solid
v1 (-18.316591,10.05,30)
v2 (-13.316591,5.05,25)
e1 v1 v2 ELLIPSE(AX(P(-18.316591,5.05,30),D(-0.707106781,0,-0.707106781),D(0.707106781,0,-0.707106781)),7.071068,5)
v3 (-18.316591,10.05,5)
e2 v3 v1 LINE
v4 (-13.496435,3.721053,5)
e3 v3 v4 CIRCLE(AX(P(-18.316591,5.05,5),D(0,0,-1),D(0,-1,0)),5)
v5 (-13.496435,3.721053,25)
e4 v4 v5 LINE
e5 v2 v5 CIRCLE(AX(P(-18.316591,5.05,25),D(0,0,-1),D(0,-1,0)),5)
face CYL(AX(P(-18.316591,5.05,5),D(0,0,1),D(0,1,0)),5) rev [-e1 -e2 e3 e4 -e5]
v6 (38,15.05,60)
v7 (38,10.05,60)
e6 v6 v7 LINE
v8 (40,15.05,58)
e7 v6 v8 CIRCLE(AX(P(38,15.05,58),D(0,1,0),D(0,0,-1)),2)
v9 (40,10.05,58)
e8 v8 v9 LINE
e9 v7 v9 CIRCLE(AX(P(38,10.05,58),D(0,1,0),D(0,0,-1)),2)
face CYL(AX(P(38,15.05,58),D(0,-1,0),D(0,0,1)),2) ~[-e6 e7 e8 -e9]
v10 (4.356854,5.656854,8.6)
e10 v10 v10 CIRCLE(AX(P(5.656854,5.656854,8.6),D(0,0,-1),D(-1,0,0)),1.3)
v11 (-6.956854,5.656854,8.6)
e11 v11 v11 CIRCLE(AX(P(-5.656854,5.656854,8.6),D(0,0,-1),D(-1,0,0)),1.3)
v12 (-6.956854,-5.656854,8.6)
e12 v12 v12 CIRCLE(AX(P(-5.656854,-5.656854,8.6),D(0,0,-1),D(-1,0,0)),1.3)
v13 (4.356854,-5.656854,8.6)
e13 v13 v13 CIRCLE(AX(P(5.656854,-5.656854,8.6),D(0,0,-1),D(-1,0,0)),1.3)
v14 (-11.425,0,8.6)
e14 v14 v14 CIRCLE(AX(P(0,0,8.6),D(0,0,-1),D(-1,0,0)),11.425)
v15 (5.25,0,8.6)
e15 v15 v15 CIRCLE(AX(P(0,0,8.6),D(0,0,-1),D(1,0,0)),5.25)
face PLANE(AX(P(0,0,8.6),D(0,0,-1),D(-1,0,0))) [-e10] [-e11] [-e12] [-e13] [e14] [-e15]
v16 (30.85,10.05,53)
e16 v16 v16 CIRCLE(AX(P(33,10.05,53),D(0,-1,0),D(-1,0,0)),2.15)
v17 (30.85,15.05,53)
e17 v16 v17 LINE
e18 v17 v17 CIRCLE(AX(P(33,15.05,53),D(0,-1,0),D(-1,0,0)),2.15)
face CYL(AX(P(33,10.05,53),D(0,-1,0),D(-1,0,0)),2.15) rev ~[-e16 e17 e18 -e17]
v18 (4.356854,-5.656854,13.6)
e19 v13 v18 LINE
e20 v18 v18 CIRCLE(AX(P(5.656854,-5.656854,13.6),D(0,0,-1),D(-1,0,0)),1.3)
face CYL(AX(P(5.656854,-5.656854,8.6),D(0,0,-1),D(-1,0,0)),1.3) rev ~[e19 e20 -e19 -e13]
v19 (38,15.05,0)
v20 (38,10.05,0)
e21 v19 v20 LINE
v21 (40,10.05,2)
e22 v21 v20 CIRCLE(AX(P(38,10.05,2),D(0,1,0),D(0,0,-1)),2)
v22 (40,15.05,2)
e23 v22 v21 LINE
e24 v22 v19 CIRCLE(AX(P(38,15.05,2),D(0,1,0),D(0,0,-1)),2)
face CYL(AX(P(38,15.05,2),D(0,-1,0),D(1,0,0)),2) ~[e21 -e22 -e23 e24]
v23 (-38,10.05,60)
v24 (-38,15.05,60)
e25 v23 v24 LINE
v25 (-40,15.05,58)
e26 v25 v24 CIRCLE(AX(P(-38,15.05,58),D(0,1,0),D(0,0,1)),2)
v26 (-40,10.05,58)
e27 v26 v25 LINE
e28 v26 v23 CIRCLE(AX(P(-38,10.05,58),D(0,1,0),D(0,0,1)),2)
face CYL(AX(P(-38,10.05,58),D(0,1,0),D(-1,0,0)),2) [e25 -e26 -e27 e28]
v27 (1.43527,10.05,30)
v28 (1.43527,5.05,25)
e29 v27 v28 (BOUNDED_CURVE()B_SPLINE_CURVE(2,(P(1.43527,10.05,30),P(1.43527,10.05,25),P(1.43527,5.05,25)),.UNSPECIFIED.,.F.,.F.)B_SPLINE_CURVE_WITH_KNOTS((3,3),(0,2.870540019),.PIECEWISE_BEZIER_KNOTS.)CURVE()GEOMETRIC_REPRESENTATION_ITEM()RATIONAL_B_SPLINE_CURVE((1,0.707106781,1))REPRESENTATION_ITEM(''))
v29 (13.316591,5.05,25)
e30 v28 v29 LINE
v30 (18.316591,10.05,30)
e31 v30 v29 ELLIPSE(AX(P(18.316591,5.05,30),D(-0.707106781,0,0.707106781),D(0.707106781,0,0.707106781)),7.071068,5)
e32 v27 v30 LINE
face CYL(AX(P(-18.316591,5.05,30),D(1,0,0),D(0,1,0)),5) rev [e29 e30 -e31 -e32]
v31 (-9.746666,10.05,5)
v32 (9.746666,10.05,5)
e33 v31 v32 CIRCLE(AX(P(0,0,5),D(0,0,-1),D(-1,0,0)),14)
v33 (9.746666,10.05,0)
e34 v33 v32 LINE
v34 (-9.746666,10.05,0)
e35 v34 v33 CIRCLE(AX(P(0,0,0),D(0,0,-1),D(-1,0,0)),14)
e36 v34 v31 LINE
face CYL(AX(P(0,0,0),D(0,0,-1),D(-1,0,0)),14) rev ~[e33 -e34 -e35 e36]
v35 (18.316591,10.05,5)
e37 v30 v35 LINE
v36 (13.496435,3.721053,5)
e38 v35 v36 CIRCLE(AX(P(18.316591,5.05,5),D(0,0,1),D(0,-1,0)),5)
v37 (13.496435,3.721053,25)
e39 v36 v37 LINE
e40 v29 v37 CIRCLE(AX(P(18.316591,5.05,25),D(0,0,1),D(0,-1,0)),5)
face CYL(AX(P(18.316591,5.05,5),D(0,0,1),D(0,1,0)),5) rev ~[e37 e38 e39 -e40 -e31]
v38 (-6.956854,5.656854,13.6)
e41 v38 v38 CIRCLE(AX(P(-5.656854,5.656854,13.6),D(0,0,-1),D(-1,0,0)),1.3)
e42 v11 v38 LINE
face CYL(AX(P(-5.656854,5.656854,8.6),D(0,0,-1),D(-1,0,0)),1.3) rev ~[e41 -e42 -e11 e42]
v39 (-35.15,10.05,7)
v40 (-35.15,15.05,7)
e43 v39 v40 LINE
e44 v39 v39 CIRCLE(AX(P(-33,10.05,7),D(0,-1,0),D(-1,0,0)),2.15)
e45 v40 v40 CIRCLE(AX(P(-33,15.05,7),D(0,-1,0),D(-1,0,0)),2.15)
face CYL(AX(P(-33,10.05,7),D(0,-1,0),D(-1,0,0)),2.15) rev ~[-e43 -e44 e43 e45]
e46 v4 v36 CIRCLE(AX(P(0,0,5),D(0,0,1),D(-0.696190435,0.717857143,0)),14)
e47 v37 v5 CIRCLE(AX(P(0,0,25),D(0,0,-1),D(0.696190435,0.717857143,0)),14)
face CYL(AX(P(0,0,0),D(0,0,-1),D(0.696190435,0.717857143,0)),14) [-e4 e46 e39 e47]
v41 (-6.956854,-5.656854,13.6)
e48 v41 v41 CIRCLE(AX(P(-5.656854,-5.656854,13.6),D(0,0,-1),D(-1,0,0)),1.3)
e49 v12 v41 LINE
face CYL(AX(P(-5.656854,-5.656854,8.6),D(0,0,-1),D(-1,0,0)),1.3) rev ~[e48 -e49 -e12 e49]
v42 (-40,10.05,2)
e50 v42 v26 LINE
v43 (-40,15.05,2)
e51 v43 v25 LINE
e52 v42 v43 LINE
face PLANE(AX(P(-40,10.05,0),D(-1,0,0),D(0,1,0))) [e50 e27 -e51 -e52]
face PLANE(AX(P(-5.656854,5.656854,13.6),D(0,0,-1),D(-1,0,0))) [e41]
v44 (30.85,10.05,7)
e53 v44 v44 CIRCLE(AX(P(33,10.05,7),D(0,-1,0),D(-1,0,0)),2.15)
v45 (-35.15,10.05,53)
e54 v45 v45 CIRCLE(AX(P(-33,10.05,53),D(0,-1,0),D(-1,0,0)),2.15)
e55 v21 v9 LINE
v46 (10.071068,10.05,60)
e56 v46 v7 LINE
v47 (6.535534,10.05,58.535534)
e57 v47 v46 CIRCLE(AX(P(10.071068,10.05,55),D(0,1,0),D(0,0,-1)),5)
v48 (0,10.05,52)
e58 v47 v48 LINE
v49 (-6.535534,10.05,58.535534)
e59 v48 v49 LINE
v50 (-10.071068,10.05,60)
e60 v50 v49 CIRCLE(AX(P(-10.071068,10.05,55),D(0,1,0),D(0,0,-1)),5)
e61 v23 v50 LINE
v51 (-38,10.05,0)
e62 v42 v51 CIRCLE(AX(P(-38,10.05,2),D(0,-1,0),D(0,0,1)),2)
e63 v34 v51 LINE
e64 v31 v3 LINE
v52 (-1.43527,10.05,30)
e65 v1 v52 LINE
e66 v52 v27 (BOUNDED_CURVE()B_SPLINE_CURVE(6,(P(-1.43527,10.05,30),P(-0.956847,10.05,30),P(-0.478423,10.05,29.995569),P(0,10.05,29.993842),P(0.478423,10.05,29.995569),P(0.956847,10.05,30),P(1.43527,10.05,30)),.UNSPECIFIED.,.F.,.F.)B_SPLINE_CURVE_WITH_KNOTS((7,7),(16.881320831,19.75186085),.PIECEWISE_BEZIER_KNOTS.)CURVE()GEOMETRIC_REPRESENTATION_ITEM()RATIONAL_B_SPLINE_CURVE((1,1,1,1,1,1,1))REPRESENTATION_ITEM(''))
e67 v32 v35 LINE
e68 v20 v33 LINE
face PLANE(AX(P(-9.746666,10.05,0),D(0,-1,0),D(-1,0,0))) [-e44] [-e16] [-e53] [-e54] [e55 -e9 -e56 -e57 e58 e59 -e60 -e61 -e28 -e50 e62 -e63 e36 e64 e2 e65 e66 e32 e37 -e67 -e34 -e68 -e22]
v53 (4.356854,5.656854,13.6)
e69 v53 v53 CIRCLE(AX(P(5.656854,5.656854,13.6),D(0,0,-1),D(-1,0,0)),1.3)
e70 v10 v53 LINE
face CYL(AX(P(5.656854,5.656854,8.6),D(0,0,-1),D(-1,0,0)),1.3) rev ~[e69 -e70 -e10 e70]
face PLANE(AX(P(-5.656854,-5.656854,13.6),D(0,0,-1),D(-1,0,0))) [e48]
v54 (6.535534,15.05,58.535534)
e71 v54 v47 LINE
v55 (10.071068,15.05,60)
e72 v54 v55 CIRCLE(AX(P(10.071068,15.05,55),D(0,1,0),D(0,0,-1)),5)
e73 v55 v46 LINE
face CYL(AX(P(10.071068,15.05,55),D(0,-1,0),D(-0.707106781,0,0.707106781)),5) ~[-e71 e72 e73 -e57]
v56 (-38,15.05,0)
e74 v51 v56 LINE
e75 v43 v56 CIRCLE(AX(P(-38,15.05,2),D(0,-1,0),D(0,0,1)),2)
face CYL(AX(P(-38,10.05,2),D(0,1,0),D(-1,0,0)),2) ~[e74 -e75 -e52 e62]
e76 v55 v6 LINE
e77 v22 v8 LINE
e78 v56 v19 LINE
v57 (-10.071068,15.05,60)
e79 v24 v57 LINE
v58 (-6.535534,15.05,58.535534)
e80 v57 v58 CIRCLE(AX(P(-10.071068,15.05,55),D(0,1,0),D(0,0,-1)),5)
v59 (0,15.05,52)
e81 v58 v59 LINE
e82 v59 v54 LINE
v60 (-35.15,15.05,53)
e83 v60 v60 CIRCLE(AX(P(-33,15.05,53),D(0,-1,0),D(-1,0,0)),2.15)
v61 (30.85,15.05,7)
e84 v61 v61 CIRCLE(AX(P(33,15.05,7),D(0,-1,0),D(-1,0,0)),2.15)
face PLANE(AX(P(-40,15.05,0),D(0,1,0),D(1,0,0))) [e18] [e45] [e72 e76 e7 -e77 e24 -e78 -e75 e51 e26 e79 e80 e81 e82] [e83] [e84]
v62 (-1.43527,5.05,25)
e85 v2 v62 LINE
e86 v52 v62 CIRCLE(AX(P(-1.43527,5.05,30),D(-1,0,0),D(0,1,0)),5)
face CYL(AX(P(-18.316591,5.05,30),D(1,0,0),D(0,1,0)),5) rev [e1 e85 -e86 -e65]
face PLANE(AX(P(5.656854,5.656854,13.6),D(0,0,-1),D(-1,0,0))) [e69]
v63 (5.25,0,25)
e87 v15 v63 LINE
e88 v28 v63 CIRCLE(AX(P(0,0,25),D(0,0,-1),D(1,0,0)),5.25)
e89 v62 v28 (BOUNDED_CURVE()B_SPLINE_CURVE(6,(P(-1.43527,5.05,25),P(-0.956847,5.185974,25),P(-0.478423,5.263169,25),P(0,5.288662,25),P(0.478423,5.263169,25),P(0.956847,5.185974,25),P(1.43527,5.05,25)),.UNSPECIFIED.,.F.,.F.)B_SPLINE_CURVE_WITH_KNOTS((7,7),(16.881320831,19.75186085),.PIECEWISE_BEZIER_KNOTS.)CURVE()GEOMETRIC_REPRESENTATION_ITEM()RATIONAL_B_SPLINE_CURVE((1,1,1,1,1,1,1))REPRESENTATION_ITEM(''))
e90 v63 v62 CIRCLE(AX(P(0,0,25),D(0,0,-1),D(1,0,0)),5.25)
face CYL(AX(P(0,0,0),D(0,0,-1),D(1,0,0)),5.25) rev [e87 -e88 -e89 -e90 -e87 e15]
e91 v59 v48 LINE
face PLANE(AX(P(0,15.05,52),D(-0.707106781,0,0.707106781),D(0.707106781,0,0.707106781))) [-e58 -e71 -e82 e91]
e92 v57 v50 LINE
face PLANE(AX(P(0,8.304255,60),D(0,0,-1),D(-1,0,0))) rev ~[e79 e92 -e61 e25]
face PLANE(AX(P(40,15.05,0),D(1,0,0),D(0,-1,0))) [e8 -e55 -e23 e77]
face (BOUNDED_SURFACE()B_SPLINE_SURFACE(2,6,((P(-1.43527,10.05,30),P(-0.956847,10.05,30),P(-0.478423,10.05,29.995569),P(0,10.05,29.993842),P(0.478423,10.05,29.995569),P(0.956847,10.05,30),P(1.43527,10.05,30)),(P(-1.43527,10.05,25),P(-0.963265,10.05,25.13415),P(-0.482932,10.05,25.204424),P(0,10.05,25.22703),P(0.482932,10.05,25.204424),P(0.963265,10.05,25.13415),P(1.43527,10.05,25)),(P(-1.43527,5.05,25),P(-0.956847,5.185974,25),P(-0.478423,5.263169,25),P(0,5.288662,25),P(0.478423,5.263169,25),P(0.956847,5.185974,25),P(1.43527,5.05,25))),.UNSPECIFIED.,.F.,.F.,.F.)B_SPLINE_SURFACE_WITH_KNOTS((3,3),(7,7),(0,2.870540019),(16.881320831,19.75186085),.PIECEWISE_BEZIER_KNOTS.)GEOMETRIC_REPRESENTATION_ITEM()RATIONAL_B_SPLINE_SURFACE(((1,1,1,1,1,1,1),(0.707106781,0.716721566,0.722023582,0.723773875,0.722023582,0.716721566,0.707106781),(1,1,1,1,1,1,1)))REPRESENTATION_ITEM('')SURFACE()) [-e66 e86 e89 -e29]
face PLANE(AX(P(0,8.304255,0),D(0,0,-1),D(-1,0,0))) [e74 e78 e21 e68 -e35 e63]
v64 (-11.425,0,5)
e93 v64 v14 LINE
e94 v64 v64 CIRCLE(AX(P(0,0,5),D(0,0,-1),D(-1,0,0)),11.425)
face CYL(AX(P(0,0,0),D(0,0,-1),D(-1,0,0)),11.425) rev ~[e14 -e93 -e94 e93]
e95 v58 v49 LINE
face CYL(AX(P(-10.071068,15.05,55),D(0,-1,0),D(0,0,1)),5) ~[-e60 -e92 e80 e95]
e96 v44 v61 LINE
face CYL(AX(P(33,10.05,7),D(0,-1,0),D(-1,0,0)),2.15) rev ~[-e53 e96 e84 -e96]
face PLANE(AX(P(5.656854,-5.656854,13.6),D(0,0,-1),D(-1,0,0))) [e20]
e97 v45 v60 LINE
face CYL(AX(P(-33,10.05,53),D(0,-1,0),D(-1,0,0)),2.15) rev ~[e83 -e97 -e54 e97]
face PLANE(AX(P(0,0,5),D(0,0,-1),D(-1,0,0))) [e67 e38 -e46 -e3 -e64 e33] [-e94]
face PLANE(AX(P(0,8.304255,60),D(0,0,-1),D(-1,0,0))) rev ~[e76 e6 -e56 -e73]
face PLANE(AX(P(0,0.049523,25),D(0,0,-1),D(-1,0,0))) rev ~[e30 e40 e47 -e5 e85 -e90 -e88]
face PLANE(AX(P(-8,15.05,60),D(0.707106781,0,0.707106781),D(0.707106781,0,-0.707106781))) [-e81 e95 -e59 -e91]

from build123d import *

# Parameters (mm, degrees)
SKETCH1_R           = 5.25
BOSS_EXTRUDE1_DEPTH = 60
SKETCH2_R           = 11.425
CUT_EXTRUDE1_DEPTH  = 8.6
SKETCH3_R           = 14
CUT_EXTRUDE2_DEPTH  = 5
SKETCH4_R           = 1.3
CUT_EXTRUDE3_DEPTH  = 5
SKETCH6_R           = 2.15
CUT_EXTRUDE5_DEPTH  = 6
CUT_EXTRUDE6_DEPTH  = 35
FILLET2_R           = 5
FILLET3_R           = 2
FILLET4_R           = 5
CUT_EXTRUDE7_DEPTH  = 30.05
FILLET5_R           = 5


with BuildPart() as part:
    # Sketch1 → Boss-Extrude1 (new body)
    with BuildSketch(Plane.XY):
        with BuildLine():
            Line((-40, 15.05), (40, 15.05))
            Line((40, 15.05), (40, 10.05))
            Line((40, 10.05), (9.746666097, 10.05))
            ThreePointArc((9.746666097, 10.05), (0, -14), (-9.746666097, 10.05))
            Line((-9.746666097, 10.05), (-40, 10.05))
            Line((-40, 10.05), (-40, 15.05))
        make_face()
        Circle(SKETCH1_R, mode=Mode.SUBTRACT)
    extrude(amount=BOSS_EXTRUDE1_DEPTH)

    # Sketch2 → Cut-Extrude1 (cut)
    with BuildSketch(Plane(origin=(0, 0, 0), x_dir=(-1, 0, 0), z_dir=(0, 0, -1))):
        Circle(SKETCH2_R)
    extrude(amount=-CUT_EXTRUDE1_DEPTH, mode=Mode.SUBTRACT)

    # Sketch3 → Cut-Extrude2 (cut)
    with BuildSketch(Plane(origin=(0, 0, 0), x_dir=(-1, 0, 0), z_dir=(0, 0, -1))):
        Circle(SKETCH3_R)
    extrude(amount=-CUT_EXTRUDE2_DEPTH, mode=Mode.SUBTRACT)

    # Sketch4 → Cut-Extrude3 (cut)
    with BuildSketch(Plane(origin=(0, 0, 8.6), x_dir=(-1, 0, 0), z_dir=(0, 0, -1))):
        with Locations((5.656854249, 5.656854249)):
            Circle(SKETCH4_R)
        with Locations((5.656854249, -5.656854249)):
            Circle(SKETCH4_R)
        with Locations((-5.656854249, -5.656854249)):
            Circle(SKETCH4_R)
        with Locations((-5.656854249, 5.656854249)):
            Circle(SKETCH4_R)
    extrude(amount=-CUT_EXTRUDE3_DEPTH, mode=Mode.SUBTRACT)

    # Sketch6 → Cut-Extrude5 (cut, through all)
    with BuildSketch(Plane(origin=(0, 10.05, 0), x_dir=(-1, 0, 0), z_dir=(0, -1, 0))):
        with Locations((33, -53)):
            Circle(SKETCH6_R)
        with Locations((33, -7)):
            Circle(SKETCH6_R)
        with Locations((-33, -53)):
            Circle(SKETCH6_R)
        with Locations((-33, -7)):
            Circle(SKETCH6_R)
    extrude(amount=-CUT_EXTRUDE5_DEPTH, mode=Mode.SUBTRACT)

    # Sketch7 → Cut-Extrude6 (cut)
    with BuildSketch(Plane.XY.offset(60)):
        with BuildLine():
            Line((-9.746666097, 10.05), (9.746666097, 10.05))
            ThreePointArc((9.746666097, 10.05), (0, -14), (-9.746666097, 10.05))
        make_face()
    extrude(amount=-CUT_EXTRUDE6_DEPTH, mode=Mode.SUBTRACT)

    # Fillet2
    fillet2_edges = [part.edges().sort_by_distance(p)[0] for p in [
        (9.746666097, 10.05, 15),
        (-9.746666097, 10.05, 15),
    ]]
    fillet(fillet2_edges, radius=FILLET2_R)

    # Fillet3
    fillet3_edges = [part.edges().sort_by_distance(p)[0] for p in [
        (40, 12.55, 60),
        (-40, 12.55, 60),
        (40, 12.55, 0),
        (-40, 12.55, 0),
    ]]
    fillet(fillet3_edges, radius=FILLET3_R)

    # Fillet4
    fillet4_edges = [part.edges().sort_by_distance(p)[0] for p in [
        (0, 10.05, 25),
    ]]
    fillet(fillet4_edges, radius=FILLET4_R)

    # Sketch8 → Cut-Extrude7 (cut, through all)
    with BuildSketch(Plane(origin=(0, 15.05, 0), x_dir=(1, 0, 0), z_dir=(0, 1, 0))):
        Polygon((0, -52), (8, -60), (-8, -60), align=None)
    extrude(amount=-CUT_EXTRUDE7_DEPTH, mode=Mode.SUBTRACT)

    # Fillet5
    fillet5_edges = [part.edges().sort_by_distance(p)[0] for p in [
        (-8, 12.55, 60),
        (8, 12.55, 60),
    ]]
    fillet(fillet5_edges, radius=FILLET5_R)


solid = part.part
